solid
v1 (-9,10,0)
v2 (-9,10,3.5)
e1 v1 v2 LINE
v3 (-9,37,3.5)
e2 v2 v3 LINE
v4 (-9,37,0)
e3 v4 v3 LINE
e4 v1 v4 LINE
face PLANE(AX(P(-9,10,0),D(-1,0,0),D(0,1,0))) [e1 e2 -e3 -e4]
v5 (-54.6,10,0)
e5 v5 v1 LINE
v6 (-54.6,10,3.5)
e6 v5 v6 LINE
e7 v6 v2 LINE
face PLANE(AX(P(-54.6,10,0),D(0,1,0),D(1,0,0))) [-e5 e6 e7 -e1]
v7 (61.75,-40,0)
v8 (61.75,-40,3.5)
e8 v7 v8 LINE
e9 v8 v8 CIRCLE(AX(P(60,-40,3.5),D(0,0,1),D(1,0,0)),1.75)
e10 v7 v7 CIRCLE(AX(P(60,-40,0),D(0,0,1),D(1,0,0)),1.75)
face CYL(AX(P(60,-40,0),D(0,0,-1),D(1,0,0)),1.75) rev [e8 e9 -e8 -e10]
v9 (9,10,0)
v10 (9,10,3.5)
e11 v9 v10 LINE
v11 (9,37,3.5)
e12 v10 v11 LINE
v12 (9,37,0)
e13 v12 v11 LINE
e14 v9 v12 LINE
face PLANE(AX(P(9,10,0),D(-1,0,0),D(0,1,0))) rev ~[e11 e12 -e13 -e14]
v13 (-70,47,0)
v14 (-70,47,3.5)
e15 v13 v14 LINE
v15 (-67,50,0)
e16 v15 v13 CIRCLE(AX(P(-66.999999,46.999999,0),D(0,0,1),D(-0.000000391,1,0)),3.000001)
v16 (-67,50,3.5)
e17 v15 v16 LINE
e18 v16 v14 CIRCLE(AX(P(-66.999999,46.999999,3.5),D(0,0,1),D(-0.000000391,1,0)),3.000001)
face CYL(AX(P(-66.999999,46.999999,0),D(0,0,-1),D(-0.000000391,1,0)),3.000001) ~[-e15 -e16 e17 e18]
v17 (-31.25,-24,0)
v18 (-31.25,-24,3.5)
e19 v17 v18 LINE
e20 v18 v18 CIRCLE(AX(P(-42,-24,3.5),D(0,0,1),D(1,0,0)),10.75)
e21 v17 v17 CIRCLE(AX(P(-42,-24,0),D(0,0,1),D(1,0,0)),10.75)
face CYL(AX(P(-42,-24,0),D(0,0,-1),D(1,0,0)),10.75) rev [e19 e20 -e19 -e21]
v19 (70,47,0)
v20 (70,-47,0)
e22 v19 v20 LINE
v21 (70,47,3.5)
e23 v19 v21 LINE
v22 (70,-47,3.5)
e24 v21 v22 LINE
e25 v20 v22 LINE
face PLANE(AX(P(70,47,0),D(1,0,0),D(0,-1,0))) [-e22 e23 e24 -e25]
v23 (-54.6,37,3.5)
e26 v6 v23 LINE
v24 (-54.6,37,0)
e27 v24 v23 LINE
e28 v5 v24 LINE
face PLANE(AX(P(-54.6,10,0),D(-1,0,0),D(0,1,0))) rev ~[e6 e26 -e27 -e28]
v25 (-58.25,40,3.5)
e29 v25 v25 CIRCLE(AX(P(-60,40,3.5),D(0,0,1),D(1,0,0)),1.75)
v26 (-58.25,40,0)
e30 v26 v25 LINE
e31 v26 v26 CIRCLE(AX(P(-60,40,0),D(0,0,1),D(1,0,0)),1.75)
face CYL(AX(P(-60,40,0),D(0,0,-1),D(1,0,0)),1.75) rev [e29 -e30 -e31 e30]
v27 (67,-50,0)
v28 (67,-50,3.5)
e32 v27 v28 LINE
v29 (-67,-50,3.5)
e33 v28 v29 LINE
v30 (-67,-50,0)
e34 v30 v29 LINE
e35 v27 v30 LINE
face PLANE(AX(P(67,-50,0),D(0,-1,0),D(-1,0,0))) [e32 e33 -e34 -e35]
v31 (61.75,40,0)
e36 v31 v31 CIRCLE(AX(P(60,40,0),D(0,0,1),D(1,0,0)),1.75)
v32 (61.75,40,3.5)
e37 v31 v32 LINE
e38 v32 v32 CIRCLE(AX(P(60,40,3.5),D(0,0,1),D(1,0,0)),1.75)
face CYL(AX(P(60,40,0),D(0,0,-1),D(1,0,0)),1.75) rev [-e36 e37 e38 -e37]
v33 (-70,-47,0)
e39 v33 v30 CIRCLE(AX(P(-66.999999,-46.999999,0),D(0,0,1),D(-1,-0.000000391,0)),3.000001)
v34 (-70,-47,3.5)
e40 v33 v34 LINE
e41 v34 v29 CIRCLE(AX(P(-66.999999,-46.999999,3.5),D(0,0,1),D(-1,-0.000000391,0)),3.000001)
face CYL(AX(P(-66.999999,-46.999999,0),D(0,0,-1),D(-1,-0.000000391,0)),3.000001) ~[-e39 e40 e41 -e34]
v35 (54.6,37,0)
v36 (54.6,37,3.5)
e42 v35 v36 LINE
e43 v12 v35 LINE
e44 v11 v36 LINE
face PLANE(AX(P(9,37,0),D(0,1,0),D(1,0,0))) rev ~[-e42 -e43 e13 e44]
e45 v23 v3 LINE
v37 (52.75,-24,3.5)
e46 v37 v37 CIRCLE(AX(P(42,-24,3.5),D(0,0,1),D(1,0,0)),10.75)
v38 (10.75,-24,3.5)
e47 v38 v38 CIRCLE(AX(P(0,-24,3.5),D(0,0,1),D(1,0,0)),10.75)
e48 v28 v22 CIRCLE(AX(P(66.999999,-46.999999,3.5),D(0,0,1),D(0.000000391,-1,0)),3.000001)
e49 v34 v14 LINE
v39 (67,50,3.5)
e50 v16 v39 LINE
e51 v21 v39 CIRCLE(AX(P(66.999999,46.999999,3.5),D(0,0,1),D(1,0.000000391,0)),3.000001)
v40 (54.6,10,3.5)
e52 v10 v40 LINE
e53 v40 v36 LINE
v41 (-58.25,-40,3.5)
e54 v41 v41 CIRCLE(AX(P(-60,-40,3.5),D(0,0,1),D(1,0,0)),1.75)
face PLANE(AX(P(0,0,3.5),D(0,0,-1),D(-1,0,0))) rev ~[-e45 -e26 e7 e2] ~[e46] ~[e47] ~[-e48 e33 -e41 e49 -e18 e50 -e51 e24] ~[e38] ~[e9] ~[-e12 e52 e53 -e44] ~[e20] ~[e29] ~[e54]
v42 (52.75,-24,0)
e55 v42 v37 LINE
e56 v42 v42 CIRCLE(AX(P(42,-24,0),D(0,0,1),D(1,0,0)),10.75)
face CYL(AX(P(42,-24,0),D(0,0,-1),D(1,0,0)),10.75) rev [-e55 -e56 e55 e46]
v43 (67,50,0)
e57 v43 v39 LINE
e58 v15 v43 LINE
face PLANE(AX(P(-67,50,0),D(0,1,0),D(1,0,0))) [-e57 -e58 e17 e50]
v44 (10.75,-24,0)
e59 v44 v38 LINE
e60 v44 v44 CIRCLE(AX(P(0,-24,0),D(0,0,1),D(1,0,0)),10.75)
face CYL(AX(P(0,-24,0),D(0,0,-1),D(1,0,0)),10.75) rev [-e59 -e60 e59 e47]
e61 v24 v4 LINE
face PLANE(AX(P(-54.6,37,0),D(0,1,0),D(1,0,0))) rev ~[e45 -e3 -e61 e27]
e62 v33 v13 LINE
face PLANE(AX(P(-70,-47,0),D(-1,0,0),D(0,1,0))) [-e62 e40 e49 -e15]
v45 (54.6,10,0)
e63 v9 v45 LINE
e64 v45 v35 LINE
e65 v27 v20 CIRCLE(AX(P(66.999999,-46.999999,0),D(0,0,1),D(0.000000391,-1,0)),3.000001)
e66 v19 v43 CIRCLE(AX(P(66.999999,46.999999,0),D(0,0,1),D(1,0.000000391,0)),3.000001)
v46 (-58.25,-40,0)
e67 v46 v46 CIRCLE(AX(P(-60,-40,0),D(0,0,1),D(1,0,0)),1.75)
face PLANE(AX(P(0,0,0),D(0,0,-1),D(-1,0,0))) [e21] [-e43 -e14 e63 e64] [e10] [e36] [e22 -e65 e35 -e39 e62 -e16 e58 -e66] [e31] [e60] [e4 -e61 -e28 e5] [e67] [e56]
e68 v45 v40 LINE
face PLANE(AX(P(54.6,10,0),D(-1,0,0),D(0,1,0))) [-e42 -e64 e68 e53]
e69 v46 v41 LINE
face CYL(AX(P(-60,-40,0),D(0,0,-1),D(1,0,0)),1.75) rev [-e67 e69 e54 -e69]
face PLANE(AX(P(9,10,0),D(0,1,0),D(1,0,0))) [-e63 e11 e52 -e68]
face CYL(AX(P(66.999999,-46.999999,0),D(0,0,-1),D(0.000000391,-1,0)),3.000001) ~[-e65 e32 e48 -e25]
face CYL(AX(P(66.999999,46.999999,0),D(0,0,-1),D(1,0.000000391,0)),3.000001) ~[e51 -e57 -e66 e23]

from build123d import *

# Parameters (mm, degrees)
SKETCH_R   = 10.75
SKETCH_R_2 = 1.75
SKETCH_W   = 45.6
SKETCH_H   = 27
PAD_DEPTH  = 3.5


with BuildPart() as part:
    # Sketch → Pad (new body)
    with BuildSketch(Plane.XY):
        with BuildLine():
            Line((-67, 50), (67, 50))
            ThreePointArc((70, 47), (69.12132, 49.12132), (67, 50))
            Line((70, 47), (70, -47))
            ThreePointArc((67, -50), (69.12132, -49.12132), (70, -47))
            Line((67, -50), (-67, -50))
            ThreePointArc((-70, -47), (-69.12132, -49.12132), (-67, -50))
            Line((-70, -47), (-70, 47))
            ThreePointArc((-67, 50), (-69.12132, 49.12132), (-70, 47))
        make_face()
        with Locations((-42, -24)):
            Circle(SKETCH_R, mode=Mode.SUBTRACT)
        with Locations((42, -24)):
            Circle(SKETCH_R, mode=Mode.SUBTRACT)
        with Locations((-60, 40)):
            Circle(SKETCH_R_2, mode=Mode.SUBTRACT)
        with Locations((60, 40)):
            Circle(SKETCH_R_2, mode=Mode.SUBTRACT)
        with Locations((-60, -40)):
            Circle(SKETCH_R_2, mode=Mode.SUBTRACT)
        with Locations((60, -40)):
            Circle(SKETCH_R_2, mode=Mode.SUBTRACT)
        with Locations((0, -24)):
            Circle(SKETCH_R, mode=Mode.SUBTRACT)
        with Locations((-31.8, 23.5)):
            Rectangle(SKETCH_W, SKETCH_H, mode=Mode.SUBTRACT)
        with Locations((31.8, 23.5)):
            Rectangle(SKETCH_W, SKETCH_H, mode=Mode.SUBTRACT)
    extrude(amount=PAD_DEPTH)


solid = part.part
